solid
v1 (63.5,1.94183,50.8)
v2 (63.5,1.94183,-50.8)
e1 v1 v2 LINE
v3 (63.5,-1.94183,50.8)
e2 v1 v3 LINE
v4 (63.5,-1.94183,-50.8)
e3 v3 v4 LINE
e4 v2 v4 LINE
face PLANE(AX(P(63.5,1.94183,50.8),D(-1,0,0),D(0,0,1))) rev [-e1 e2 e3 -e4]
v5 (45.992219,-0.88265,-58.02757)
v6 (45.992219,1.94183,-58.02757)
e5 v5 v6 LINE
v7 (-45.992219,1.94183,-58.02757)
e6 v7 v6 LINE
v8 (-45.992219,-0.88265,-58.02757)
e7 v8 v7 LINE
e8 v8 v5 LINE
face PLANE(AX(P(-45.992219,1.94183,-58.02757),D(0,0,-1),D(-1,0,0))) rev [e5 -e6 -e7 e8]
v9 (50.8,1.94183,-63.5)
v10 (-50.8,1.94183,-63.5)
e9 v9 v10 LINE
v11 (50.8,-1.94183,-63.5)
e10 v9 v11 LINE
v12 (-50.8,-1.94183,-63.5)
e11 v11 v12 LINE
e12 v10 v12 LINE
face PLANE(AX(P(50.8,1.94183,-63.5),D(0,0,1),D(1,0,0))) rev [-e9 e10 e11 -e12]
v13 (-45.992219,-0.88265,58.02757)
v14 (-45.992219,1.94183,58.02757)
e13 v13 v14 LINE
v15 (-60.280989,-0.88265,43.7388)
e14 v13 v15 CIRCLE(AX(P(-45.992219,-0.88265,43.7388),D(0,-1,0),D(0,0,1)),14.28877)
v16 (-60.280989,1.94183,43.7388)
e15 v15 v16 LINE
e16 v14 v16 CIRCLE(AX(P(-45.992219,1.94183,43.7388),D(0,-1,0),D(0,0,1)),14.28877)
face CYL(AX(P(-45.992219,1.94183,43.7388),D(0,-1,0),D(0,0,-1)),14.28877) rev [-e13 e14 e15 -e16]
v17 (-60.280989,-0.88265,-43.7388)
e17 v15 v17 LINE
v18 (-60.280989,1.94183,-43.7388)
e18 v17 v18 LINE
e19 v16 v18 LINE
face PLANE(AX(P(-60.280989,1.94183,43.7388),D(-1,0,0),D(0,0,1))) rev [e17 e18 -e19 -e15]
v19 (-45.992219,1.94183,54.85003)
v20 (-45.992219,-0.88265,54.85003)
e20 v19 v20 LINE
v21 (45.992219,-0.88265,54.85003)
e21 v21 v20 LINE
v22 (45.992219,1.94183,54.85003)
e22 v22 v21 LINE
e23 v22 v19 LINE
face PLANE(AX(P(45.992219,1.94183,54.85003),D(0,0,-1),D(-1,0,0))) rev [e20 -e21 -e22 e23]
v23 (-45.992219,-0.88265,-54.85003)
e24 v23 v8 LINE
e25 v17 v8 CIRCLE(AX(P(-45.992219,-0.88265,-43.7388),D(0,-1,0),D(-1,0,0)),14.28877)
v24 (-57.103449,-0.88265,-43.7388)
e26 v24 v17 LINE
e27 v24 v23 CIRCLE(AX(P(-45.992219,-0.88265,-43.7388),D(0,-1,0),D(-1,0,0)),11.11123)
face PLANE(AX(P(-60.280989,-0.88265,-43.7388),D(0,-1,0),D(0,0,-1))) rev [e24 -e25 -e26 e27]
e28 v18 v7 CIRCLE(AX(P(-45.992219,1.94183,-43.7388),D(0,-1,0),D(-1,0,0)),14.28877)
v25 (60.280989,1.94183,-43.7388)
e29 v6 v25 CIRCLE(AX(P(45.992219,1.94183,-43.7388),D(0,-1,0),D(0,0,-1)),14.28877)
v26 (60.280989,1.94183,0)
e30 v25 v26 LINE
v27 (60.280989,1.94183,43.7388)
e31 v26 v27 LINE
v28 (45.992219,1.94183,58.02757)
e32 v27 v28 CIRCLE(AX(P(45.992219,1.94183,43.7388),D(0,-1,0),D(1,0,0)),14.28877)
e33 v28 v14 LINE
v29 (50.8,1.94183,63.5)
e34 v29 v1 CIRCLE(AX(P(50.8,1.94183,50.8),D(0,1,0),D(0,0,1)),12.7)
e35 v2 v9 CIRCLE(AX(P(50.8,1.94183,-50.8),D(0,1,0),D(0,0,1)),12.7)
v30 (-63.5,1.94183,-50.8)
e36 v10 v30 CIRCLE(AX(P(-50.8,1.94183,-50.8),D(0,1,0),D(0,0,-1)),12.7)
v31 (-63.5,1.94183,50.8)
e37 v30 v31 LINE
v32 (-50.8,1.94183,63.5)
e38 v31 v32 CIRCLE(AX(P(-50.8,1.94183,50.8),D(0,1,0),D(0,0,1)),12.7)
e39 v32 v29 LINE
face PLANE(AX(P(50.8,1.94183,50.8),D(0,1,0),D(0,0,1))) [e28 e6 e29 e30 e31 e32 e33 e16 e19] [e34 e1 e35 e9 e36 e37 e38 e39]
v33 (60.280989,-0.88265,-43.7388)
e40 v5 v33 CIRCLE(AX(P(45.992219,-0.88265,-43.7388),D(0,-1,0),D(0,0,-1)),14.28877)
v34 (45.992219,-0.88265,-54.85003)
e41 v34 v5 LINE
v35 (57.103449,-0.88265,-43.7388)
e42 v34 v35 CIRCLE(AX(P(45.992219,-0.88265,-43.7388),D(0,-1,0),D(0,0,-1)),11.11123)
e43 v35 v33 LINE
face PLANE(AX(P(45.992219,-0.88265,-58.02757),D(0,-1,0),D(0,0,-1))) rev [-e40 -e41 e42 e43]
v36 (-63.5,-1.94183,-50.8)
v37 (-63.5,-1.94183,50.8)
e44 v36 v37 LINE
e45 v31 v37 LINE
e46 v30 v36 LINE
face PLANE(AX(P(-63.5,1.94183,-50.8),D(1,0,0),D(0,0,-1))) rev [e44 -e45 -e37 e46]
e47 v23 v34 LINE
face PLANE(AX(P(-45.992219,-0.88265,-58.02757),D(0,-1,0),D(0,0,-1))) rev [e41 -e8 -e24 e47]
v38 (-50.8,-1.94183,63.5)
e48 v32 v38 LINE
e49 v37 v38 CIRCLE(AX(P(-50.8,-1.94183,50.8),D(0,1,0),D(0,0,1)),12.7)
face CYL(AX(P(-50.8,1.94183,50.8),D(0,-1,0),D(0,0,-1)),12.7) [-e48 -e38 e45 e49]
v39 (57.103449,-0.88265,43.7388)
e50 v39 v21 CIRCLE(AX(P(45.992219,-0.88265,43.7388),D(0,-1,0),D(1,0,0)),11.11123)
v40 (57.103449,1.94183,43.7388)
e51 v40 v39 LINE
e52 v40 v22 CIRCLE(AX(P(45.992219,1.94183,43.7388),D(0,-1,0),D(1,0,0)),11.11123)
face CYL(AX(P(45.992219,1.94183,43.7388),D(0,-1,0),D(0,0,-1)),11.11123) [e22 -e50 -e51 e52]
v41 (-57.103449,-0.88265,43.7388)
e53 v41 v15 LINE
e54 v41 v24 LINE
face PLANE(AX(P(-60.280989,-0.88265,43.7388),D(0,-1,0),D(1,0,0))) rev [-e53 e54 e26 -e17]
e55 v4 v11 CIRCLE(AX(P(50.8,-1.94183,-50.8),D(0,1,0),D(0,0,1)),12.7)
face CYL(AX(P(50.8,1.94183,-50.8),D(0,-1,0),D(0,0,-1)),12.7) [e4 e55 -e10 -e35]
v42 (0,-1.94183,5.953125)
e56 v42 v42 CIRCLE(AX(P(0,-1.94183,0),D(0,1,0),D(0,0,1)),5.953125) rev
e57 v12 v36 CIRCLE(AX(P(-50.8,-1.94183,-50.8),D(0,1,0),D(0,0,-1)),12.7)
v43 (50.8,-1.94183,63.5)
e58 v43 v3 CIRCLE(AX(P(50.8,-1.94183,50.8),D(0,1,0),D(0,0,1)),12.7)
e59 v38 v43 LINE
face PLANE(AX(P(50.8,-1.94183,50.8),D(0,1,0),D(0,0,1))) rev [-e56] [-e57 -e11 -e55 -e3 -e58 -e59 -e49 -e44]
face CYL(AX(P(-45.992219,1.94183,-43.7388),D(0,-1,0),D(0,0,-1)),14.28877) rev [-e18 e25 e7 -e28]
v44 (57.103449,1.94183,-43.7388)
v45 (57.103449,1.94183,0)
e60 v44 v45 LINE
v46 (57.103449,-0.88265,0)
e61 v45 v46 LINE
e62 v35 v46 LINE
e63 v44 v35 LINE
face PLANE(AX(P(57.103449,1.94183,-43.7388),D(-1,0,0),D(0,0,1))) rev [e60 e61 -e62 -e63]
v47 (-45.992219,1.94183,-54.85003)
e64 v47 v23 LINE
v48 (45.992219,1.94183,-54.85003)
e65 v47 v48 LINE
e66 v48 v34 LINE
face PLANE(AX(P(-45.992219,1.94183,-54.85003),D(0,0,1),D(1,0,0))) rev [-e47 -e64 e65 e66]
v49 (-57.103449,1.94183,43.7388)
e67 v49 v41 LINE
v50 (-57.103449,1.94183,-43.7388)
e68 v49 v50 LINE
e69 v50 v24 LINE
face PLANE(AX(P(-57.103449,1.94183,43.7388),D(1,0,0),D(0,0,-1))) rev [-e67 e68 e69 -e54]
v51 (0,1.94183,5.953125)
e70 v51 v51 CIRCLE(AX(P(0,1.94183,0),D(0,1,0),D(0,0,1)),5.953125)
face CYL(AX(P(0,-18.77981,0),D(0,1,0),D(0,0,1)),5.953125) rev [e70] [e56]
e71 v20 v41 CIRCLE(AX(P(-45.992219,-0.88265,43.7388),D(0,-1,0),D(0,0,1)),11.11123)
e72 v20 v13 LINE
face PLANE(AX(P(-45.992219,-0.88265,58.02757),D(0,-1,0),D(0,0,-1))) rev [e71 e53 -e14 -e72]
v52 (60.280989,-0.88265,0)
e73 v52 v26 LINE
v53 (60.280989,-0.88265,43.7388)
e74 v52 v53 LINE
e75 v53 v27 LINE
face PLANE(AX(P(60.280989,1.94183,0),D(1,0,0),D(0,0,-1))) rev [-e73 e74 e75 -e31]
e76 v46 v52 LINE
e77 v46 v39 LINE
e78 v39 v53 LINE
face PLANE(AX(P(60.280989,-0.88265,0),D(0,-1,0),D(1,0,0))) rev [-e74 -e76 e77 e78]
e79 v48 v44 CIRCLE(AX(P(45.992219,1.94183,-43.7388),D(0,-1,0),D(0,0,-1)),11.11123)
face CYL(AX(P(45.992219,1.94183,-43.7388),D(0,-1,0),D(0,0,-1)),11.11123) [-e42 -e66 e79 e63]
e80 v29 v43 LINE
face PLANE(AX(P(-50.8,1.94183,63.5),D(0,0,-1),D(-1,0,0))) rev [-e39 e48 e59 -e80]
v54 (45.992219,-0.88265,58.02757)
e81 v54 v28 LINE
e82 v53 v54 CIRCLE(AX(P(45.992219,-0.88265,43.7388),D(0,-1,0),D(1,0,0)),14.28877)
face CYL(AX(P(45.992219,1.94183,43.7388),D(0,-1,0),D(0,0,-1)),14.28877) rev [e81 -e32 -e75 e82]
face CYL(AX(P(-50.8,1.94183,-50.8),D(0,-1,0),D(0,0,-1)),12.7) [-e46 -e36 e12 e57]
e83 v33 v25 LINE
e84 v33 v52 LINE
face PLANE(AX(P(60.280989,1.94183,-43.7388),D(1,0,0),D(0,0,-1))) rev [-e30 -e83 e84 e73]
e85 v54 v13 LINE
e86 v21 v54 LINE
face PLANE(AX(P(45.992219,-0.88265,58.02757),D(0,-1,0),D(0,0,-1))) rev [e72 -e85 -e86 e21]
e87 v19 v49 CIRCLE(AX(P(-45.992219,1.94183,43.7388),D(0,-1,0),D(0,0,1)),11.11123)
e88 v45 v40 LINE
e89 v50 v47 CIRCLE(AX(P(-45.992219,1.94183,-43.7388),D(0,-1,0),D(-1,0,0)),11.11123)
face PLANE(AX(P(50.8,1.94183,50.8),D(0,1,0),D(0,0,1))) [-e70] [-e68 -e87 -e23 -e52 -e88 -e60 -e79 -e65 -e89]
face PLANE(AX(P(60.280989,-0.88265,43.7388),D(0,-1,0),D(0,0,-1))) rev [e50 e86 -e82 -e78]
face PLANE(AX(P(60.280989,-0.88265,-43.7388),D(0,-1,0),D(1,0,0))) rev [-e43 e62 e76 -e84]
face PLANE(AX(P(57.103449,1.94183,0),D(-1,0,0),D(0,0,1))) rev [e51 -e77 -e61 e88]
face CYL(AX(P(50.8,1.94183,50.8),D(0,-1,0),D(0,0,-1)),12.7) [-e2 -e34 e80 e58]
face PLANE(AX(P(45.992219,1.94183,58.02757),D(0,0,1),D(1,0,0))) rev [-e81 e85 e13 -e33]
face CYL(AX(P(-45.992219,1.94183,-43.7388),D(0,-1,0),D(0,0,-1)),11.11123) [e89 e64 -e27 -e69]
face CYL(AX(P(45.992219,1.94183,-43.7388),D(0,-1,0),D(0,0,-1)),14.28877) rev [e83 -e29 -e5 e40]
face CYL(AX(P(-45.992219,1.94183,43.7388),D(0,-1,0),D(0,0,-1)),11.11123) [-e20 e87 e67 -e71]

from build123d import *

# Parameters (mm, degrees)
MAIN_BODY_DEPTH      = 1.94183
SKETCH29_R           = 5.953125
PNEUMATICMOUNT_DEPTH = 3.88366
ORINGINSERTPROFILE_W = 3.17754
ORINGINSERTPROFILE_H = 2.82448


with BuildPart() as part:
    # Sketch1 → main body (new, symmetric)
    with BuildSketch(Plane(origin=(0, 0, 0), x_dir=(1, 0, 0), z_dir=(0, 1, 0))):
        with BuildLine():
            Line((-63.5, 50.8), (-63.5, -50.8))
            ThreePointArc((-63.5, -50.8), (-59.780256121, -59.780256121), (-50.8, -63.5))
            Line((-50.8, -63.5), (50.8, -63.5))
            ThreePointArc((50.8, -63.5), (59.780256121, -59.780256121), (63.5, -50.8))
            Line((63.5, -50.8), (63.5, 50.8))
            ThreePointArc((63.5, 50.8), (59.780256121, 59.780256121), (50.8, 63.5))
            Line((50.8, 63.5), (-50.8, 63.5))
            ThreePointArc((-50.8, 63.5), (-59.780256121, 59.780256121), (-63.5, 50.8))
        make_face()
    extrude(amount=MAIN_BODY_DEPTH, both=True)

    # Sketch29 → PneumaticMount (cut)
    with BuildSketch(Plane(origin=(0, 1.94183, 0), x_dir=(1, 0, 0), z_dir=(0, 1, 0))):
        with Locations(Location((0, 0, 0), (0, 0, 270))):
            Circle(SKETCH29_R)
    extrude(amount=-PNEUMATICMOUNT_DEPTH, mode=Mode.SUBTRACT)

    # O-RingInsert: sweep along a path in ORingInsertPath
    with BuildLine(Plane(origin=(0, 1.94183, 0), x_dir=(1, 0, 0), z_dir=(0, 1, 0))) as o_ringinsert_path:
        Line((-45.992219207, -56.4388), (45.992219207, -56.4388))
        ThreePointArc((45.992219207, -56.4388), (54.972475328, -52.719056121), (58.692219207, -43.7388))
        Line((58.692219207, -43.7388), (58.692219207, 43.7388))
        ThreePointArc((58.692219207, 43.7388), (54.972475328, 52.719056121), (45.992219207, 56.4388))
        Line((45.992219207, 56.4388), (-45.992219207, 56.4388))
        ThreePointArc((-45.992219207, 56.4388), (-54.972475328, 52.719056121), (-58.692219207, 43.7388))
        Line((-58.692219207, 43.7388), (-58.692219207, -43.7388))
        ThreePointArc((-58.692219207, -43.7388), (-54.972475328, -52.719056121), (-45.992219207, -56.4388))
    # ORingInsertProfile → O-RingInsert (sweep, cut)
    with BuildSketch(Plane.XY):
        with Locations((58.692219207, 0.52959)):
            Rectangle(ORINGINSERTPROFILE_W, ORINGINSERTPROFILE_H)
    sweep(path=o_ringinsert_path.line, mode=Mode.SUBTRACT)


solid = part.part
